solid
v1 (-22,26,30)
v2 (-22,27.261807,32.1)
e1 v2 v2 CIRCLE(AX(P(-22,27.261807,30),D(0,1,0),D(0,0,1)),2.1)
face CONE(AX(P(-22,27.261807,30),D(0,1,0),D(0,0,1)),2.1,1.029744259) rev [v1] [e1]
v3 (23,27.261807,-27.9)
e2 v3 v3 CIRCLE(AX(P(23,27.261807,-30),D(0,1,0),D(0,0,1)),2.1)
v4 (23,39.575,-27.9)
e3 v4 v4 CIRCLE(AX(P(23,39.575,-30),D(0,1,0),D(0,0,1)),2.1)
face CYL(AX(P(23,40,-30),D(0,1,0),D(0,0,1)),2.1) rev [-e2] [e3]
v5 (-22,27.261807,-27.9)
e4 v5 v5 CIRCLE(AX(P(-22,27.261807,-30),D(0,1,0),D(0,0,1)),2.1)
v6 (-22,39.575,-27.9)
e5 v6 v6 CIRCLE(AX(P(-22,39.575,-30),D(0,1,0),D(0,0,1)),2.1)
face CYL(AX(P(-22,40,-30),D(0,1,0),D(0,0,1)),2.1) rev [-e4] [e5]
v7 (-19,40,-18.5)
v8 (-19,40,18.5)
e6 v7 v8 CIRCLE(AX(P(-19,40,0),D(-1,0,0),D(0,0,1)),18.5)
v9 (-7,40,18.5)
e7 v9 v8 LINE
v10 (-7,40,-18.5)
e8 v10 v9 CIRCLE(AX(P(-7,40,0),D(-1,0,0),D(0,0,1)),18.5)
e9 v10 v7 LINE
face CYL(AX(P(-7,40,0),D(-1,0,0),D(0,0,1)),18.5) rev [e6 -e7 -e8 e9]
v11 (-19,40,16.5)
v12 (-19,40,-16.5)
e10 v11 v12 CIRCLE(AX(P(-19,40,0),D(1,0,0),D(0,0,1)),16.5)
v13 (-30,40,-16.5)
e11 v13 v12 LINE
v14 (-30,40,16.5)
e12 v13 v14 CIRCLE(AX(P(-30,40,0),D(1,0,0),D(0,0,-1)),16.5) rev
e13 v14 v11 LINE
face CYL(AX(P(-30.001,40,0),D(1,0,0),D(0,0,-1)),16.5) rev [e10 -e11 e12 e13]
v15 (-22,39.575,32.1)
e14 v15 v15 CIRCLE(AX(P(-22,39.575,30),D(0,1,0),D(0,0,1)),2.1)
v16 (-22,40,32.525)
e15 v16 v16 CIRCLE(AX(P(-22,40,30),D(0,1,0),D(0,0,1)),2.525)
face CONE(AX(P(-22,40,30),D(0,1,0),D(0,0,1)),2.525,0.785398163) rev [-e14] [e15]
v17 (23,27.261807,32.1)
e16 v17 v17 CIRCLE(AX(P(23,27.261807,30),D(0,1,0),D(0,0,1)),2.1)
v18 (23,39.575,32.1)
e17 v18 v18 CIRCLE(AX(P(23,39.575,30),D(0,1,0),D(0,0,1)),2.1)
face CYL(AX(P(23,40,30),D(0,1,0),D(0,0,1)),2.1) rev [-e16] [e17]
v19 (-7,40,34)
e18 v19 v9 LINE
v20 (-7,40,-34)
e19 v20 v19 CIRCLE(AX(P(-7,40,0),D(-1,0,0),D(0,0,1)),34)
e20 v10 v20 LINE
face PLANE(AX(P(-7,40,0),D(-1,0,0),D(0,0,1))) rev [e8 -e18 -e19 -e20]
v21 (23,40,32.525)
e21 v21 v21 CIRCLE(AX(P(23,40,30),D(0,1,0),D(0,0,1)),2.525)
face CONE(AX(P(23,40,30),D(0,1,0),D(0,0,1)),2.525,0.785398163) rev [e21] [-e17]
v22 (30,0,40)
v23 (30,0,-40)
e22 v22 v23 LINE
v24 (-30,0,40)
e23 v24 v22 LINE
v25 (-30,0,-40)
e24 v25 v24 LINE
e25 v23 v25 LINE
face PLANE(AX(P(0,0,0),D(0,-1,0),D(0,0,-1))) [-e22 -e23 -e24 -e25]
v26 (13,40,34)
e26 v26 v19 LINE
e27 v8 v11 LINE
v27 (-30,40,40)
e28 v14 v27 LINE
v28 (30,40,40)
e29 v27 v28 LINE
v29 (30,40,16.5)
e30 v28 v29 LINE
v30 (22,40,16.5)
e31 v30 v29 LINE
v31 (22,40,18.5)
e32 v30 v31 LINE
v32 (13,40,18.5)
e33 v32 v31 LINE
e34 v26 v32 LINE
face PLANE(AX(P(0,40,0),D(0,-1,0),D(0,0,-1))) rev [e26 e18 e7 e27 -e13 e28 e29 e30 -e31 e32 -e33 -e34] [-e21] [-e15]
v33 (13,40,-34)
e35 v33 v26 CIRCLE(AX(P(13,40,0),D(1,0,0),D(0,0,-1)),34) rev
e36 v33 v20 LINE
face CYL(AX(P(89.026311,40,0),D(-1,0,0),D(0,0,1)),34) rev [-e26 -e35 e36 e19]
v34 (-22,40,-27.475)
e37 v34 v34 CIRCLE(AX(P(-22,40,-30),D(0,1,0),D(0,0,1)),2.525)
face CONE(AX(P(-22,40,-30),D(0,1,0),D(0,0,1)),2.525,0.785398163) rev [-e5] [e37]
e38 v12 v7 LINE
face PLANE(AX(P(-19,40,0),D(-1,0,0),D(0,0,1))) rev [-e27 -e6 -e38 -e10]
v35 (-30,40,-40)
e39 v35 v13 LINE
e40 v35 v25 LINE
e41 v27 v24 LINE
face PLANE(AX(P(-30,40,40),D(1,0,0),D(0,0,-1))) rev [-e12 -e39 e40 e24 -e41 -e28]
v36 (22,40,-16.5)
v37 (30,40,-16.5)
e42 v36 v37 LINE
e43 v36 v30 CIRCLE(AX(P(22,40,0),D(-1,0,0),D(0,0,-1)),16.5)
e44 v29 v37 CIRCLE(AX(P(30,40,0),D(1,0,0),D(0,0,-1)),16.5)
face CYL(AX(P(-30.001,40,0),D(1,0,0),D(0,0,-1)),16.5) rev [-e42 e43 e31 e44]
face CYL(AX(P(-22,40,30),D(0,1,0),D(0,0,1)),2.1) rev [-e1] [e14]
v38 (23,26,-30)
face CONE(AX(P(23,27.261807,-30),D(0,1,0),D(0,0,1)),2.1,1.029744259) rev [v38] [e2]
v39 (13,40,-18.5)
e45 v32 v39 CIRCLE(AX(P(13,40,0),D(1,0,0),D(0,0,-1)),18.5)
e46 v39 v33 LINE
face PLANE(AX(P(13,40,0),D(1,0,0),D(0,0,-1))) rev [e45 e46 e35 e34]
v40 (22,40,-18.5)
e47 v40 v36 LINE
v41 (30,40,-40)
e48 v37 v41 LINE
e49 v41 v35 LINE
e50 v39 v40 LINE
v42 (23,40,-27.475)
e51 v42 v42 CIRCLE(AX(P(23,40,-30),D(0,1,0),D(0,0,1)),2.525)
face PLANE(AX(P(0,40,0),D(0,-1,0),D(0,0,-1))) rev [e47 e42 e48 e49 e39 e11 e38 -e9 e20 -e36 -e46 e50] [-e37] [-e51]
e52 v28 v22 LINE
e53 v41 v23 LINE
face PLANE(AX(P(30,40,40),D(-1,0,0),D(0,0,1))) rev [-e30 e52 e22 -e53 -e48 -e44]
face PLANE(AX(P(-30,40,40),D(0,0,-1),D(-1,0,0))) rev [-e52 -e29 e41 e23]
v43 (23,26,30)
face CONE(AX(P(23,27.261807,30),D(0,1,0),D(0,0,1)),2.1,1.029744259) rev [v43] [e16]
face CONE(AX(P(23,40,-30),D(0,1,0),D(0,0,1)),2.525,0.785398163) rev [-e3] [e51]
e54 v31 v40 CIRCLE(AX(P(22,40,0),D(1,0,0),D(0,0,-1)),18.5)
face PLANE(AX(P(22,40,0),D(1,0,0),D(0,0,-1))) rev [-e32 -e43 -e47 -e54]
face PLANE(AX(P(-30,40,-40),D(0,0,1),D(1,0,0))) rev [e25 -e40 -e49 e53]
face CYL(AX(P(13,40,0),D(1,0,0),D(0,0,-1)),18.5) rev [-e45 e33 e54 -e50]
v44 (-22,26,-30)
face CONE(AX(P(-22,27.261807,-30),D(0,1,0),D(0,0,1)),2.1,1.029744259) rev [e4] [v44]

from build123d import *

# Parameters (mm, degrees)
SCHIZZO1_W                          = 60
SCHIZZO1_H                          = 80
ESTRUSIONE_ESTRUSIONE1_DEPTH        = 40
TAGLIO_ESTRUSIONE1_REACH            = 84.462
TAGLIO_ESTRUSIONE2_START            = -8
TAGLIO_ESTRUSIONE2_DEPTH            = 9
TAGLIO_ESTRUSIONE3_START            = -23
TAGLIO_ESTRUSIONE3_DEPTH            = 12
TAGLIO_ESTRUSIONE4_START            = -43
TAGLIO_ESTRUSIONE4_DEPTH            = 20
FORO_FILETTATO_M5X0_8_1_D           = 4.2
FORO_FILETTATO_M5X0_8_1_DEPTH       = 12.7381927
FORO_FILETTATO_M5X0_8_1_CSINK_D     = 5.05
FORO_FILETTATO_M5X0_8_1_CSINK_ANGLE = 90
FORO_FILETTATO_M5X0_8_1_TIP         = 1.2618073


with BuildPart() as part:
    # Schizzo1 → Estrusione-Estrusione1 (new body)
    with BuildSketch(Plane(origin=(0, 0, 0), x_dir=(1, 0, 0), z_dir=(0, 1, 0))):
        Rectangle(SCHIZZO1_W, SCHIZZO1_H)
    extrude(amount=ESTRUSIONE_ESTRUSIONE1_DEPTH)

    # Schizzo2 → Taglio-Estrusione1 (cut, up to next)
    with BuildSketch(Plane(origin=(30, 0, 0), x_dir=(0, 0, -1), z_dir=(1, 0, 0)), mode=Mode.PRIVATE) as taglio_estrusione1_sk1:
        with BuildLine():
            Line((-16.5, 40), (16.5, 40))
            ThreePointArc((16.5, 40), (0, 23.5), (-16.5, 40))
        make_face()
    taglio_estrusione1_tool1 = extrude(taglio_estrusione1_sk1.sketch, amount=-TAGLIO_ESTRUSIONE1_REACH, mode=Mode.PRIVATE) & part.part
    add(taglio_estrusione1_tool1.solids().sort_by_distance((30, 32.997183, 0))[0], mode=Mode.SUBTRACT)

    # Schizzo3 → Taglio-Estrusione2 (cut)
    with BuildSketch(Plane(origin=(30, 0, 0), x_dir=(0, 0, -1), z_dir=(1, 0, 0)).offset(TAGLIO_ESTRUSIONE2_START)):
        with BuildLine():
            Line((16.5, 40), (18.5, 40))
            ThreePointArc((18.5, 40), (0, 21.5), (-18.5, 40))
            Line((-18.5, 40), (-16.5, 40))
            ThreePointArc((-16.5, 40), (0, 23.5), (16.5, 40))
        make_face()
    extrude(amount=-TAGLIO_ESTRUSIONE2_DEPTH, mode=Mode.SUBTRACT)

    # Schizzo4 → Taglio-Estrusione3 (cut)
    with BuildSketch(Plane.ZY.offset(30).offset(TAGLIO_ESTRUSIONE3_START)):
        with BuildLine():
            Line((16.5, 40), (18.5, 40))
            ThreePointArc((18.5, 40), (0, 21.5), (-18.5, 40))
            Line((-18.5, 40), (-16.5, 40))
            ThreePointArc((-16.5, 40), (0, 23.5), (16.5, 40))
        make_face()
    extrude(amount=TAGLIO_ESTRUSIONE3_DEPTH, mode=Mode.SUBTRACT)

    # Schizzo5 → Taglio-Estrusione4 (cut)
    with BuildSketch(Plane.ZY.offset(30).offset(TAGLIO_ESTRUSIONE4_START)):
        with BuildLine():
            Line((16.5, 40), (34, 40))
            ThreePointArc((34, 40), (0, 6), (-34, 40))
            Line((-34, 40), (-16.5, 40))
            ThreePointArc((-16.5, 40), (0, 23.5), (16.5, 40))
        make_face()
    extrude(amount=TAGLIO_ESTRUSIONE4_DEPTH, mode=Mode.SUBTRACT)

    # Foro filettato M5x0.8-1
    with Locations(Plane(origin=(-22, 40, -30), x_dir=(0, 0, 1), z_dir=(0, 1, 0))):
        with Locations((0, 0), (0, 45), (60, 0), (60, 45)):
            CounterSinkHole(FORO_FILETTATO_M5X0_8_1_D / 2, FORO_FILETTATO_M5X0_8_1_CSINK_D / 2, depth=FORO_FILETTATO_M5X0_8_1_DEPTH, counter_sink_angle=FORO_FILETTATO_M5X0_8_1_CSINK_ANGLE)
            with Locations((0, 0, -(FORO_FILETTATO_M5X0_8_1_DEPTH + FORO_FILETTATO_M5X0_8_1_TIP / 2))):  # 118° drill point
                Cone(0, FORO_FILETTATO_M5X0_8_1_D / 2, FORO_FILETTATO_M5X0_8_1_TIP, mode=Mode.SUBTRACT)


solid = part.part
